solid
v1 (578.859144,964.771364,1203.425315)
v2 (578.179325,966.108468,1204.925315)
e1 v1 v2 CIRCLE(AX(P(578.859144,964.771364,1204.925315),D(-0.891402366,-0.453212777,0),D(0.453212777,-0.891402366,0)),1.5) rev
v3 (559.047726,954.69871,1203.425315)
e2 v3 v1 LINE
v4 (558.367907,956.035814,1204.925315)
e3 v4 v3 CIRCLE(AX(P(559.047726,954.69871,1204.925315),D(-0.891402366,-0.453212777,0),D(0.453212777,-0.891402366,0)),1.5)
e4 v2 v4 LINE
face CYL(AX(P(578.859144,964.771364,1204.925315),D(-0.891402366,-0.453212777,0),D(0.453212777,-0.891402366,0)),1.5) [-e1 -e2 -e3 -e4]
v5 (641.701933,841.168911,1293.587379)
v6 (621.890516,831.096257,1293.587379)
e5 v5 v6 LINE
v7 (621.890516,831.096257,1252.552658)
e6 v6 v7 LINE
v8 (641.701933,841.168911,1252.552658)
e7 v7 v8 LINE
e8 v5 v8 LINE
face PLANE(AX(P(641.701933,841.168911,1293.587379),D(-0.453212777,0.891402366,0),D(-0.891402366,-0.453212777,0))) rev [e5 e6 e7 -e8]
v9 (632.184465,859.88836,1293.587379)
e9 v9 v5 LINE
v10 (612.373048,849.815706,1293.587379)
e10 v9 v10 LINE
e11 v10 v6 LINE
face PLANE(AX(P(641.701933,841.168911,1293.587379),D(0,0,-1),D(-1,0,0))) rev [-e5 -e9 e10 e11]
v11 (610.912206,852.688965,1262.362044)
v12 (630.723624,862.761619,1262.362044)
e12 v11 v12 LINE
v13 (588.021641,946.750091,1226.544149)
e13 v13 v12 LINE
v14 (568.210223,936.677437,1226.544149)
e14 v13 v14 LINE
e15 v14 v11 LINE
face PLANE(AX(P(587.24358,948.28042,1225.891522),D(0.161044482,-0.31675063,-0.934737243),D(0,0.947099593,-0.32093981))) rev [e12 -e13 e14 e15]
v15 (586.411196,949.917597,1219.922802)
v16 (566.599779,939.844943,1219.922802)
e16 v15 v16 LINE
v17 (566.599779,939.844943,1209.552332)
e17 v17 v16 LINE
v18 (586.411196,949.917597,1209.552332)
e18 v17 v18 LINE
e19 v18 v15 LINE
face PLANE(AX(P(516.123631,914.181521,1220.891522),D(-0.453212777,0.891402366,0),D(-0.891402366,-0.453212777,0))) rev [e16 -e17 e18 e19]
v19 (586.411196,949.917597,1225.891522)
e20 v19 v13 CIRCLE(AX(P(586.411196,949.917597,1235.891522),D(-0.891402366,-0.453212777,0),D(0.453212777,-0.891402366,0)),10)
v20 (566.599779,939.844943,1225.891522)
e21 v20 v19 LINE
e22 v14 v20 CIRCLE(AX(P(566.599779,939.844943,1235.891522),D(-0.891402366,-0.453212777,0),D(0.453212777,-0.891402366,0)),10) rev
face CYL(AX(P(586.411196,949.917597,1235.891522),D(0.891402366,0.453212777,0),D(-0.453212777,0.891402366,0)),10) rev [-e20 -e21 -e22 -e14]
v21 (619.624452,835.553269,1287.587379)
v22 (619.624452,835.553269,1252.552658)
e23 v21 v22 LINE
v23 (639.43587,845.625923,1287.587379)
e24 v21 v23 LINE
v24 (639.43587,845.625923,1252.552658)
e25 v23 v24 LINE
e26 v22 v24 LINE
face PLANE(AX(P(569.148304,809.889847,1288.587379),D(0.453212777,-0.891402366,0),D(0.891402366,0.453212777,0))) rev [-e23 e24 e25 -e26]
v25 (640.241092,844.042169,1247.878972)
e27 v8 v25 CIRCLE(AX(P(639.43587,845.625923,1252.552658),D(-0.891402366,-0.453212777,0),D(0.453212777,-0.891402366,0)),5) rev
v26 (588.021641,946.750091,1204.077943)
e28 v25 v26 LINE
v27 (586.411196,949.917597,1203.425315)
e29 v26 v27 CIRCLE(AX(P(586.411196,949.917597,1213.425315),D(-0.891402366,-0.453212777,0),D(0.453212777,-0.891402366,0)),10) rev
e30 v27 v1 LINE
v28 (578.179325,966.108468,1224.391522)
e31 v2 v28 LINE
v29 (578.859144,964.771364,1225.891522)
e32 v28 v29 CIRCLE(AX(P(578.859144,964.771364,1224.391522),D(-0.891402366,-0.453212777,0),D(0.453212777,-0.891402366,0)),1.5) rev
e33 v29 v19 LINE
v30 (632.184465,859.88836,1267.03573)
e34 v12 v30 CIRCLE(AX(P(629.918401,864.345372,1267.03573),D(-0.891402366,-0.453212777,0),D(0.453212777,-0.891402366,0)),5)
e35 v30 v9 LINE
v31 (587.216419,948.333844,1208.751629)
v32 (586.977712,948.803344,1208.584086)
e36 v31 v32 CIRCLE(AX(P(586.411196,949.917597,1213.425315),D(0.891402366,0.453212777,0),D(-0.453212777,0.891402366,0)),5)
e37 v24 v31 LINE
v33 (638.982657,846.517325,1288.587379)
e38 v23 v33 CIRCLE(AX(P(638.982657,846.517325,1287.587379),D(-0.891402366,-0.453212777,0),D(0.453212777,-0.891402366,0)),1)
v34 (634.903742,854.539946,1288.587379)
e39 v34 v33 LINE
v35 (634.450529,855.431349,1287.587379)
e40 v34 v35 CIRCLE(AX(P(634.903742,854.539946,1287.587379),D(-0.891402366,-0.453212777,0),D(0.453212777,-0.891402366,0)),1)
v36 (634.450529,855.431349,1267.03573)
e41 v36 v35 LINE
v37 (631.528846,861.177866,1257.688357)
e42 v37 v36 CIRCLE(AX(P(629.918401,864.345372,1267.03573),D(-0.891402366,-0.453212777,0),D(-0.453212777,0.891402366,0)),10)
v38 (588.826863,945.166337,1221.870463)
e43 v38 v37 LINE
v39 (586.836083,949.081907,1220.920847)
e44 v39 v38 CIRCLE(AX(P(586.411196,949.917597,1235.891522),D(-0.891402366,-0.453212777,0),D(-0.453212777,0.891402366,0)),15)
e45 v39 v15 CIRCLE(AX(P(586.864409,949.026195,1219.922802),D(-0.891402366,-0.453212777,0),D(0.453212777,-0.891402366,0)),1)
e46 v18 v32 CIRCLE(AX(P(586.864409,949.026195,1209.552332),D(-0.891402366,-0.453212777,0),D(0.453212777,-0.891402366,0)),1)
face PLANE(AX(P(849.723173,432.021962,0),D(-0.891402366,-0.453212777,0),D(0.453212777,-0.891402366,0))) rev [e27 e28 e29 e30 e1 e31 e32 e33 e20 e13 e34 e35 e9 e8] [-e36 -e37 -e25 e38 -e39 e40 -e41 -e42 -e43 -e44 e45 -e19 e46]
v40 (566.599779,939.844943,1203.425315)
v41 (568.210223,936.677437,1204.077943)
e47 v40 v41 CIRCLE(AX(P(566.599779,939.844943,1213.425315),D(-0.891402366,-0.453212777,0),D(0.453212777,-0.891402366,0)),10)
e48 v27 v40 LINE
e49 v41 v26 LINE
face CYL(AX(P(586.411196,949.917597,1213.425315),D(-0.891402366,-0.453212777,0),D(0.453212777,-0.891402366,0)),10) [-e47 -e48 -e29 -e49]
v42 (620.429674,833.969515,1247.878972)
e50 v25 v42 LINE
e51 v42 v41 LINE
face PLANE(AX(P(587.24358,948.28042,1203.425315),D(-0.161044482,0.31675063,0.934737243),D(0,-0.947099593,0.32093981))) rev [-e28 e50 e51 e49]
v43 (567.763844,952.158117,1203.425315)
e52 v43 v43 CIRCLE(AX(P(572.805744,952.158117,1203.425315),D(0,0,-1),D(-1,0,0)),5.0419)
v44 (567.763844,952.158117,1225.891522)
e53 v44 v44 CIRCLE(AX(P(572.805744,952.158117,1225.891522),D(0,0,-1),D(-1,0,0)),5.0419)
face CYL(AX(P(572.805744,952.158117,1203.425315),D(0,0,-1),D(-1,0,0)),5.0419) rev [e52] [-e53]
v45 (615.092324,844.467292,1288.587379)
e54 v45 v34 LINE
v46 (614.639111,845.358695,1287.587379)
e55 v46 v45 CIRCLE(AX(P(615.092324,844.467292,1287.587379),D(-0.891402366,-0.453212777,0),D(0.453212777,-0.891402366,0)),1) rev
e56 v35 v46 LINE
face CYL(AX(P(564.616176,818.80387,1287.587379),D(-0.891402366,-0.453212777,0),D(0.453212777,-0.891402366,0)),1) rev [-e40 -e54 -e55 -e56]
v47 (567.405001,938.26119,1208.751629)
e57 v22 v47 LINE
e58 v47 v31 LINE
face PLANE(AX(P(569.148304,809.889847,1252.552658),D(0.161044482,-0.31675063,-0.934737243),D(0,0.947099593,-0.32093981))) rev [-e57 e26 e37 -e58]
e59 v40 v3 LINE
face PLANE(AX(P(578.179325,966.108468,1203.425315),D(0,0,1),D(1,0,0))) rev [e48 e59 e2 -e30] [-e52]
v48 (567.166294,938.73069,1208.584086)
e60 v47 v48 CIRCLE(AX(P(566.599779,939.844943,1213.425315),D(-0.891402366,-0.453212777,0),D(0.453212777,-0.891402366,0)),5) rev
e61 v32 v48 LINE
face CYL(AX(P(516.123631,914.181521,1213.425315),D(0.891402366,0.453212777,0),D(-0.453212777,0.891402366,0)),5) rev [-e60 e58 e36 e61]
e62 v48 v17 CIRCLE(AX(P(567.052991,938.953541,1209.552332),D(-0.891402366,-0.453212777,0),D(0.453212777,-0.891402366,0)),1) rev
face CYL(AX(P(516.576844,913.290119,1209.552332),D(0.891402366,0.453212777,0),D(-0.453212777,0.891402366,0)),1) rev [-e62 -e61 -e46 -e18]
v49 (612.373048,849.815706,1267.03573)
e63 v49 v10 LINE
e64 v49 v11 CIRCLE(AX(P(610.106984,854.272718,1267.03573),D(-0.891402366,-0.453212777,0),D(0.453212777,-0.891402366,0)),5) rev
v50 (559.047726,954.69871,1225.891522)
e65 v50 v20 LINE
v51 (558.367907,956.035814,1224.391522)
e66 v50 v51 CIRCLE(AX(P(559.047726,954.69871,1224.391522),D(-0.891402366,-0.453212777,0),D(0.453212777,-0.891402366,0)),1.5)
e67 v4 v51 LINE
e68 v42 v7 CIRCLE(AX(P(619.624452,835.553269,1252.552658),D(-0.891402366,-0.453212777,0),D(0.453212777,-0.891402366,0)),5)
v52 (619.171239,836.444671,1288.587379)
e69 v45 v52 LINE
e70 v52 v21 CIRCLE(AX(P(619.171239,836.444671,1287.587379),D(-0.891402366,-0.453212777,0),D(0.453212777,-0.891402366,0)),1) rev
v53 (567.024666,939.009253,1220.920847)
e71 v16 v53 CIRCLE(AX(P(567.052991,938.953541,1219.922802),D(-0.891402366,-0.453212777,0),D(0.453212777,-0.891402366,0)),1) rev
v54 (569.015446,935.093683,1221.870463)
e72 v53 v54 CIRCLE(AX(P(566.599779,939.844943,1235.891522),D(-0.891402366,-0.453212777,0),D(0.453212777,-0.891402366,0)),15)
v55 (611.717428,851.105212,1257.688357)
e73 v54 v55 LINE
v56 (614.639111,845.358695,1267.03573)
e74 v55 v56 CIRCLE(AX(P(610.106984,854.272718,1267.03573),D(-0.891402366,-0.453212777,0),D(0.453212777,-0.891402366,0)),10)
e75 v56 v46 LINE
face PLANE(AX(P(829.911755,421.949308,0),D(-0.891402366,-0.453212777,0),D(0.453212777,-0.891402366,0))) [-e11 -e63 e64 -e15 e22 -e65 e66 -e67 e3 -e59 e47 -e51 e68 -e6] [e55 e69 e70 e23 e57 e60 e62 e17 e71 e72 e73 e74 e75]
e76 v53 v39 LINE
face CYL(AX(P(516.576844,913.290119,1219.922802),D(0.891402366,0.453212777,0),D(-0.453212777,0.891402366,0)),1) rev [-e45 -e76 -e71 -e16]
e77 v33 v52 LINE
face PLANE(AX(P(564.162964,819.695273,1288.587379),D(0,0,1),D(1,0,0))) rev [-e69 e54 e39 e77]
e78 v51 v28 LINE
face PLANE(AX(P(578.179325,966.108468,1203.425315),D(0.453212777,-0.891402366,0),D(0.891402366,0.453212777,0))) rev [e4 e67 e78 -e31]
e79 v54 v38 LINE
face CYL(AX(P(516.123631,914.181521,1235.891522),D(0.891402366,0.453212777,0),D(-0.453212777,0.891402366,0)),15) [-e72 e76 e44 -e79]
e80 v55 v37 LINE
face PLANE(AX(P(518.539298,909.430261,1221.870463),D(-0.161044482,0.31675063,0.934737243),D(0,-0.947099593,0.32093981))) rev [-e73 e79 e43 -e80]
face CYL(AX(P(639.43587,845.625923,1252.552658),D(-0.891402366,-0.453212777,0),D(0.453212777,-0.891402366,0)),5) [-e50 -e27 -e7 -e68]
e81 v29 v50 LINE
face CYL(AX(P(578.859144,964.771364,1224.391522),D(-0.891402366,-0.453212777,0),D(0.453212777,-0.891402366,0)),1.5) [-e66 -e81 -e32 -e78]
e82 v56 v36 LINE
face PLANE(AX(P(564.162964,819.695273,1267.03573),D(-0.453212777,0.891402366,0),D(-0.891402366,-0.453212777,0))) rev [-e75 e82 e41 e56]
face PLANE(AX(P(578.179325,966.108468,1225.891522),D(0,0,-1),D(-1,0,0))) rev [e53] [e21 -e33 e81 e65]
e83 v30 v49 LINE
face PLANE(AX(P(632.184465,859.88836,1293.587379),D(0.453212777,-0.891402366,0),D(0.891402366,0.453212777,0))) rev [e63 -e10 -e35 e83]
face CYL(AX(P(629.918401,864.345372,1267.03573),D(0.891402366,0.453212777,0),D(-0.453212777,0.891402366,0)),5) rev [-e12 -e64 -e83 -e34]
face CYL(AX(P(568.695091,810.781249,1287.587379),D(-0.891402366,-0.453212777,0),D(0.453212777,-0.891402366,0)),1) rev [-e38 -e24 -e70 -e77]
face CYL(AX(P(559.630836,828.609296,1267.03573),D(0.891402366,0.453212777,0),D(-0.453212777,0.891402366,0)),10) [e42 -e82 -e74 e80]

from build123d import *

# Parameters (mm, degrees)
BOSS_EXTRUDE1_DEPTH     = 11.1125
F_3_8_CLEARANCE_HOLE1_D = 10.0838
FILLET1_R               = 10
FILLET2_R               = 5
FILLET3_R               = 1.5
CUT_EXTRUDE1_REACH      = 1431.512
FILLET4_R               = 1


with BuildPart() as part:
    # Sketch4 → Boss-Extrude1 (new, symmetric)
    with BuildSketch(Plane(origin=(839.854692927, 426.912410879, 0), x_dir=(0, 0, -1), z_dir=(0.89140236631763, 0.4532127770962882, 0))):
        Polygon((-1293.587379373, 459.074586593), (-1293.587379373, 480.074586593), (-1263.587379373, 480.074586593), (-1225.891521519, 579.235261263), (-1225.891521519, 599.235261263), (-1203.425314933, 599.235261263), (-1203.425314933, 579.235261263), (-1249.104307407, 459.074586593), align=None)
    extrude(amount=BOSS_EXTRUDE1_DEPTH, both=True)

    # 3/8 Clearance Hole1 (through all)
    with Locations(Plane(origin=(0, 0, 1203.425314933), x_dir=(-1, 0, 0), z_dir=(0, 0, -1))):
        with Locations((-572.805743807, 952.158117087)):
            Hole(F_3_8_CLEARANCE_HOLE1_D / 2)

    # Fillet1
    fillet1_edges = [part.edges().sort_by_distance(p)[0] for p in [
        (577.337871578, 943.244093424, 1225.891521519),
        (577.337871578, 943.244093424, 1203.425314933),
    ]]
    fillet(fillet1_edges, radius=FILLET1_R)

    # Fillet2
    fillet2_edges = [part.edges().sort_by_distance(p)[0] for p in [
        (622.278756323, 854.852033377, 1263.587379373),
        (631.796224642, 836.132583685, 1249.104307407),
    ]]
    fillet(fillet2_edges, radius=FILLET2_R)

    # Fillet3
    fillet3_edges = [part.edges().sort_by_distance(p)[0] for p in [
        (568.273616036, 961.07214075, 1225.891521519),
        (568.273616036, 961.07214075, 1203.425314933),
    ]]
    fillet(fillet3_edges, radius=FILLET3_R)

    # Sketch9 → Cut-Extrude1 (cut, up to next)
    with BuildSketch(Plane(origin=(849.723172799, 432.02196164, 0), x_dir=(0, 0, -1), z_dir=(0.8914023663176289, 0.4532127770962904, 1.344287086354073e-15)), mode=Mode.PRIVATE) as cut_extrude1_sk1:
        with BuildLine():
            Line((-1220.891521519, 580.989746958), (-1208.425314933, 580.989746958))
            ThreePointArc((-1208.425314933, 580.989746958), (-1208.507569969, 580.086539083), (-1208.751628719, 579.213048567))
            Line((-1208.751628719, 579.213048567), (-1252.552657875, 463.992442123))
            Line((-1252.552657875, 463.992442123), (-1288.587379373, 463.992442123))
            Line((-1288.587379373, 463.992442123), (-1288.587379373, 474.992442123))
            Line((-1288.587379373, 474.992442123), (-1267.035729841, 474.992442123))
            ThreePointArc((-1267.035729841, 474.992442123), (-1261.358317042, 476.760371671), (-1257.688357413, 481.43904534))
            Line((-1257.688357413, 481.43904534), (-1221.870462877, 575.659651784))
            ThreePointArc((-1221.870462877, 575.659651784), (-1221.138286626, 578.280123334), (-1220.891521519, 580.989746958))
        make_face()
    cut_extrude1_tool1 = extrude(cut_extrude1_sk1.sketch, amount=-CUT_EXTRUDE1_REACH, mode=Mode.PRIVATE) & part.part
    add(cut_extrude1_tool1.solids().sort_by_distance((617.145834, 889.467119, 1243.085905))[0], mode=Mode.SUBTRACT)

    # Fillet4
    fillet4_edges = [part.edges().sort_by_distance(p)[0] for p in [
        (576.50548732, 944.8812699, 1208.425314933),
        (629.530160757, 840.589595516, 1288.587379373),
        (624.544820209, 850.395021546, 1288.587379373),
        (576.50548732, 944.8812699, 1220.891521519),
    ]]
    fillet(fillet4_edges, radius=FILLET4_R)


solid = part.part
